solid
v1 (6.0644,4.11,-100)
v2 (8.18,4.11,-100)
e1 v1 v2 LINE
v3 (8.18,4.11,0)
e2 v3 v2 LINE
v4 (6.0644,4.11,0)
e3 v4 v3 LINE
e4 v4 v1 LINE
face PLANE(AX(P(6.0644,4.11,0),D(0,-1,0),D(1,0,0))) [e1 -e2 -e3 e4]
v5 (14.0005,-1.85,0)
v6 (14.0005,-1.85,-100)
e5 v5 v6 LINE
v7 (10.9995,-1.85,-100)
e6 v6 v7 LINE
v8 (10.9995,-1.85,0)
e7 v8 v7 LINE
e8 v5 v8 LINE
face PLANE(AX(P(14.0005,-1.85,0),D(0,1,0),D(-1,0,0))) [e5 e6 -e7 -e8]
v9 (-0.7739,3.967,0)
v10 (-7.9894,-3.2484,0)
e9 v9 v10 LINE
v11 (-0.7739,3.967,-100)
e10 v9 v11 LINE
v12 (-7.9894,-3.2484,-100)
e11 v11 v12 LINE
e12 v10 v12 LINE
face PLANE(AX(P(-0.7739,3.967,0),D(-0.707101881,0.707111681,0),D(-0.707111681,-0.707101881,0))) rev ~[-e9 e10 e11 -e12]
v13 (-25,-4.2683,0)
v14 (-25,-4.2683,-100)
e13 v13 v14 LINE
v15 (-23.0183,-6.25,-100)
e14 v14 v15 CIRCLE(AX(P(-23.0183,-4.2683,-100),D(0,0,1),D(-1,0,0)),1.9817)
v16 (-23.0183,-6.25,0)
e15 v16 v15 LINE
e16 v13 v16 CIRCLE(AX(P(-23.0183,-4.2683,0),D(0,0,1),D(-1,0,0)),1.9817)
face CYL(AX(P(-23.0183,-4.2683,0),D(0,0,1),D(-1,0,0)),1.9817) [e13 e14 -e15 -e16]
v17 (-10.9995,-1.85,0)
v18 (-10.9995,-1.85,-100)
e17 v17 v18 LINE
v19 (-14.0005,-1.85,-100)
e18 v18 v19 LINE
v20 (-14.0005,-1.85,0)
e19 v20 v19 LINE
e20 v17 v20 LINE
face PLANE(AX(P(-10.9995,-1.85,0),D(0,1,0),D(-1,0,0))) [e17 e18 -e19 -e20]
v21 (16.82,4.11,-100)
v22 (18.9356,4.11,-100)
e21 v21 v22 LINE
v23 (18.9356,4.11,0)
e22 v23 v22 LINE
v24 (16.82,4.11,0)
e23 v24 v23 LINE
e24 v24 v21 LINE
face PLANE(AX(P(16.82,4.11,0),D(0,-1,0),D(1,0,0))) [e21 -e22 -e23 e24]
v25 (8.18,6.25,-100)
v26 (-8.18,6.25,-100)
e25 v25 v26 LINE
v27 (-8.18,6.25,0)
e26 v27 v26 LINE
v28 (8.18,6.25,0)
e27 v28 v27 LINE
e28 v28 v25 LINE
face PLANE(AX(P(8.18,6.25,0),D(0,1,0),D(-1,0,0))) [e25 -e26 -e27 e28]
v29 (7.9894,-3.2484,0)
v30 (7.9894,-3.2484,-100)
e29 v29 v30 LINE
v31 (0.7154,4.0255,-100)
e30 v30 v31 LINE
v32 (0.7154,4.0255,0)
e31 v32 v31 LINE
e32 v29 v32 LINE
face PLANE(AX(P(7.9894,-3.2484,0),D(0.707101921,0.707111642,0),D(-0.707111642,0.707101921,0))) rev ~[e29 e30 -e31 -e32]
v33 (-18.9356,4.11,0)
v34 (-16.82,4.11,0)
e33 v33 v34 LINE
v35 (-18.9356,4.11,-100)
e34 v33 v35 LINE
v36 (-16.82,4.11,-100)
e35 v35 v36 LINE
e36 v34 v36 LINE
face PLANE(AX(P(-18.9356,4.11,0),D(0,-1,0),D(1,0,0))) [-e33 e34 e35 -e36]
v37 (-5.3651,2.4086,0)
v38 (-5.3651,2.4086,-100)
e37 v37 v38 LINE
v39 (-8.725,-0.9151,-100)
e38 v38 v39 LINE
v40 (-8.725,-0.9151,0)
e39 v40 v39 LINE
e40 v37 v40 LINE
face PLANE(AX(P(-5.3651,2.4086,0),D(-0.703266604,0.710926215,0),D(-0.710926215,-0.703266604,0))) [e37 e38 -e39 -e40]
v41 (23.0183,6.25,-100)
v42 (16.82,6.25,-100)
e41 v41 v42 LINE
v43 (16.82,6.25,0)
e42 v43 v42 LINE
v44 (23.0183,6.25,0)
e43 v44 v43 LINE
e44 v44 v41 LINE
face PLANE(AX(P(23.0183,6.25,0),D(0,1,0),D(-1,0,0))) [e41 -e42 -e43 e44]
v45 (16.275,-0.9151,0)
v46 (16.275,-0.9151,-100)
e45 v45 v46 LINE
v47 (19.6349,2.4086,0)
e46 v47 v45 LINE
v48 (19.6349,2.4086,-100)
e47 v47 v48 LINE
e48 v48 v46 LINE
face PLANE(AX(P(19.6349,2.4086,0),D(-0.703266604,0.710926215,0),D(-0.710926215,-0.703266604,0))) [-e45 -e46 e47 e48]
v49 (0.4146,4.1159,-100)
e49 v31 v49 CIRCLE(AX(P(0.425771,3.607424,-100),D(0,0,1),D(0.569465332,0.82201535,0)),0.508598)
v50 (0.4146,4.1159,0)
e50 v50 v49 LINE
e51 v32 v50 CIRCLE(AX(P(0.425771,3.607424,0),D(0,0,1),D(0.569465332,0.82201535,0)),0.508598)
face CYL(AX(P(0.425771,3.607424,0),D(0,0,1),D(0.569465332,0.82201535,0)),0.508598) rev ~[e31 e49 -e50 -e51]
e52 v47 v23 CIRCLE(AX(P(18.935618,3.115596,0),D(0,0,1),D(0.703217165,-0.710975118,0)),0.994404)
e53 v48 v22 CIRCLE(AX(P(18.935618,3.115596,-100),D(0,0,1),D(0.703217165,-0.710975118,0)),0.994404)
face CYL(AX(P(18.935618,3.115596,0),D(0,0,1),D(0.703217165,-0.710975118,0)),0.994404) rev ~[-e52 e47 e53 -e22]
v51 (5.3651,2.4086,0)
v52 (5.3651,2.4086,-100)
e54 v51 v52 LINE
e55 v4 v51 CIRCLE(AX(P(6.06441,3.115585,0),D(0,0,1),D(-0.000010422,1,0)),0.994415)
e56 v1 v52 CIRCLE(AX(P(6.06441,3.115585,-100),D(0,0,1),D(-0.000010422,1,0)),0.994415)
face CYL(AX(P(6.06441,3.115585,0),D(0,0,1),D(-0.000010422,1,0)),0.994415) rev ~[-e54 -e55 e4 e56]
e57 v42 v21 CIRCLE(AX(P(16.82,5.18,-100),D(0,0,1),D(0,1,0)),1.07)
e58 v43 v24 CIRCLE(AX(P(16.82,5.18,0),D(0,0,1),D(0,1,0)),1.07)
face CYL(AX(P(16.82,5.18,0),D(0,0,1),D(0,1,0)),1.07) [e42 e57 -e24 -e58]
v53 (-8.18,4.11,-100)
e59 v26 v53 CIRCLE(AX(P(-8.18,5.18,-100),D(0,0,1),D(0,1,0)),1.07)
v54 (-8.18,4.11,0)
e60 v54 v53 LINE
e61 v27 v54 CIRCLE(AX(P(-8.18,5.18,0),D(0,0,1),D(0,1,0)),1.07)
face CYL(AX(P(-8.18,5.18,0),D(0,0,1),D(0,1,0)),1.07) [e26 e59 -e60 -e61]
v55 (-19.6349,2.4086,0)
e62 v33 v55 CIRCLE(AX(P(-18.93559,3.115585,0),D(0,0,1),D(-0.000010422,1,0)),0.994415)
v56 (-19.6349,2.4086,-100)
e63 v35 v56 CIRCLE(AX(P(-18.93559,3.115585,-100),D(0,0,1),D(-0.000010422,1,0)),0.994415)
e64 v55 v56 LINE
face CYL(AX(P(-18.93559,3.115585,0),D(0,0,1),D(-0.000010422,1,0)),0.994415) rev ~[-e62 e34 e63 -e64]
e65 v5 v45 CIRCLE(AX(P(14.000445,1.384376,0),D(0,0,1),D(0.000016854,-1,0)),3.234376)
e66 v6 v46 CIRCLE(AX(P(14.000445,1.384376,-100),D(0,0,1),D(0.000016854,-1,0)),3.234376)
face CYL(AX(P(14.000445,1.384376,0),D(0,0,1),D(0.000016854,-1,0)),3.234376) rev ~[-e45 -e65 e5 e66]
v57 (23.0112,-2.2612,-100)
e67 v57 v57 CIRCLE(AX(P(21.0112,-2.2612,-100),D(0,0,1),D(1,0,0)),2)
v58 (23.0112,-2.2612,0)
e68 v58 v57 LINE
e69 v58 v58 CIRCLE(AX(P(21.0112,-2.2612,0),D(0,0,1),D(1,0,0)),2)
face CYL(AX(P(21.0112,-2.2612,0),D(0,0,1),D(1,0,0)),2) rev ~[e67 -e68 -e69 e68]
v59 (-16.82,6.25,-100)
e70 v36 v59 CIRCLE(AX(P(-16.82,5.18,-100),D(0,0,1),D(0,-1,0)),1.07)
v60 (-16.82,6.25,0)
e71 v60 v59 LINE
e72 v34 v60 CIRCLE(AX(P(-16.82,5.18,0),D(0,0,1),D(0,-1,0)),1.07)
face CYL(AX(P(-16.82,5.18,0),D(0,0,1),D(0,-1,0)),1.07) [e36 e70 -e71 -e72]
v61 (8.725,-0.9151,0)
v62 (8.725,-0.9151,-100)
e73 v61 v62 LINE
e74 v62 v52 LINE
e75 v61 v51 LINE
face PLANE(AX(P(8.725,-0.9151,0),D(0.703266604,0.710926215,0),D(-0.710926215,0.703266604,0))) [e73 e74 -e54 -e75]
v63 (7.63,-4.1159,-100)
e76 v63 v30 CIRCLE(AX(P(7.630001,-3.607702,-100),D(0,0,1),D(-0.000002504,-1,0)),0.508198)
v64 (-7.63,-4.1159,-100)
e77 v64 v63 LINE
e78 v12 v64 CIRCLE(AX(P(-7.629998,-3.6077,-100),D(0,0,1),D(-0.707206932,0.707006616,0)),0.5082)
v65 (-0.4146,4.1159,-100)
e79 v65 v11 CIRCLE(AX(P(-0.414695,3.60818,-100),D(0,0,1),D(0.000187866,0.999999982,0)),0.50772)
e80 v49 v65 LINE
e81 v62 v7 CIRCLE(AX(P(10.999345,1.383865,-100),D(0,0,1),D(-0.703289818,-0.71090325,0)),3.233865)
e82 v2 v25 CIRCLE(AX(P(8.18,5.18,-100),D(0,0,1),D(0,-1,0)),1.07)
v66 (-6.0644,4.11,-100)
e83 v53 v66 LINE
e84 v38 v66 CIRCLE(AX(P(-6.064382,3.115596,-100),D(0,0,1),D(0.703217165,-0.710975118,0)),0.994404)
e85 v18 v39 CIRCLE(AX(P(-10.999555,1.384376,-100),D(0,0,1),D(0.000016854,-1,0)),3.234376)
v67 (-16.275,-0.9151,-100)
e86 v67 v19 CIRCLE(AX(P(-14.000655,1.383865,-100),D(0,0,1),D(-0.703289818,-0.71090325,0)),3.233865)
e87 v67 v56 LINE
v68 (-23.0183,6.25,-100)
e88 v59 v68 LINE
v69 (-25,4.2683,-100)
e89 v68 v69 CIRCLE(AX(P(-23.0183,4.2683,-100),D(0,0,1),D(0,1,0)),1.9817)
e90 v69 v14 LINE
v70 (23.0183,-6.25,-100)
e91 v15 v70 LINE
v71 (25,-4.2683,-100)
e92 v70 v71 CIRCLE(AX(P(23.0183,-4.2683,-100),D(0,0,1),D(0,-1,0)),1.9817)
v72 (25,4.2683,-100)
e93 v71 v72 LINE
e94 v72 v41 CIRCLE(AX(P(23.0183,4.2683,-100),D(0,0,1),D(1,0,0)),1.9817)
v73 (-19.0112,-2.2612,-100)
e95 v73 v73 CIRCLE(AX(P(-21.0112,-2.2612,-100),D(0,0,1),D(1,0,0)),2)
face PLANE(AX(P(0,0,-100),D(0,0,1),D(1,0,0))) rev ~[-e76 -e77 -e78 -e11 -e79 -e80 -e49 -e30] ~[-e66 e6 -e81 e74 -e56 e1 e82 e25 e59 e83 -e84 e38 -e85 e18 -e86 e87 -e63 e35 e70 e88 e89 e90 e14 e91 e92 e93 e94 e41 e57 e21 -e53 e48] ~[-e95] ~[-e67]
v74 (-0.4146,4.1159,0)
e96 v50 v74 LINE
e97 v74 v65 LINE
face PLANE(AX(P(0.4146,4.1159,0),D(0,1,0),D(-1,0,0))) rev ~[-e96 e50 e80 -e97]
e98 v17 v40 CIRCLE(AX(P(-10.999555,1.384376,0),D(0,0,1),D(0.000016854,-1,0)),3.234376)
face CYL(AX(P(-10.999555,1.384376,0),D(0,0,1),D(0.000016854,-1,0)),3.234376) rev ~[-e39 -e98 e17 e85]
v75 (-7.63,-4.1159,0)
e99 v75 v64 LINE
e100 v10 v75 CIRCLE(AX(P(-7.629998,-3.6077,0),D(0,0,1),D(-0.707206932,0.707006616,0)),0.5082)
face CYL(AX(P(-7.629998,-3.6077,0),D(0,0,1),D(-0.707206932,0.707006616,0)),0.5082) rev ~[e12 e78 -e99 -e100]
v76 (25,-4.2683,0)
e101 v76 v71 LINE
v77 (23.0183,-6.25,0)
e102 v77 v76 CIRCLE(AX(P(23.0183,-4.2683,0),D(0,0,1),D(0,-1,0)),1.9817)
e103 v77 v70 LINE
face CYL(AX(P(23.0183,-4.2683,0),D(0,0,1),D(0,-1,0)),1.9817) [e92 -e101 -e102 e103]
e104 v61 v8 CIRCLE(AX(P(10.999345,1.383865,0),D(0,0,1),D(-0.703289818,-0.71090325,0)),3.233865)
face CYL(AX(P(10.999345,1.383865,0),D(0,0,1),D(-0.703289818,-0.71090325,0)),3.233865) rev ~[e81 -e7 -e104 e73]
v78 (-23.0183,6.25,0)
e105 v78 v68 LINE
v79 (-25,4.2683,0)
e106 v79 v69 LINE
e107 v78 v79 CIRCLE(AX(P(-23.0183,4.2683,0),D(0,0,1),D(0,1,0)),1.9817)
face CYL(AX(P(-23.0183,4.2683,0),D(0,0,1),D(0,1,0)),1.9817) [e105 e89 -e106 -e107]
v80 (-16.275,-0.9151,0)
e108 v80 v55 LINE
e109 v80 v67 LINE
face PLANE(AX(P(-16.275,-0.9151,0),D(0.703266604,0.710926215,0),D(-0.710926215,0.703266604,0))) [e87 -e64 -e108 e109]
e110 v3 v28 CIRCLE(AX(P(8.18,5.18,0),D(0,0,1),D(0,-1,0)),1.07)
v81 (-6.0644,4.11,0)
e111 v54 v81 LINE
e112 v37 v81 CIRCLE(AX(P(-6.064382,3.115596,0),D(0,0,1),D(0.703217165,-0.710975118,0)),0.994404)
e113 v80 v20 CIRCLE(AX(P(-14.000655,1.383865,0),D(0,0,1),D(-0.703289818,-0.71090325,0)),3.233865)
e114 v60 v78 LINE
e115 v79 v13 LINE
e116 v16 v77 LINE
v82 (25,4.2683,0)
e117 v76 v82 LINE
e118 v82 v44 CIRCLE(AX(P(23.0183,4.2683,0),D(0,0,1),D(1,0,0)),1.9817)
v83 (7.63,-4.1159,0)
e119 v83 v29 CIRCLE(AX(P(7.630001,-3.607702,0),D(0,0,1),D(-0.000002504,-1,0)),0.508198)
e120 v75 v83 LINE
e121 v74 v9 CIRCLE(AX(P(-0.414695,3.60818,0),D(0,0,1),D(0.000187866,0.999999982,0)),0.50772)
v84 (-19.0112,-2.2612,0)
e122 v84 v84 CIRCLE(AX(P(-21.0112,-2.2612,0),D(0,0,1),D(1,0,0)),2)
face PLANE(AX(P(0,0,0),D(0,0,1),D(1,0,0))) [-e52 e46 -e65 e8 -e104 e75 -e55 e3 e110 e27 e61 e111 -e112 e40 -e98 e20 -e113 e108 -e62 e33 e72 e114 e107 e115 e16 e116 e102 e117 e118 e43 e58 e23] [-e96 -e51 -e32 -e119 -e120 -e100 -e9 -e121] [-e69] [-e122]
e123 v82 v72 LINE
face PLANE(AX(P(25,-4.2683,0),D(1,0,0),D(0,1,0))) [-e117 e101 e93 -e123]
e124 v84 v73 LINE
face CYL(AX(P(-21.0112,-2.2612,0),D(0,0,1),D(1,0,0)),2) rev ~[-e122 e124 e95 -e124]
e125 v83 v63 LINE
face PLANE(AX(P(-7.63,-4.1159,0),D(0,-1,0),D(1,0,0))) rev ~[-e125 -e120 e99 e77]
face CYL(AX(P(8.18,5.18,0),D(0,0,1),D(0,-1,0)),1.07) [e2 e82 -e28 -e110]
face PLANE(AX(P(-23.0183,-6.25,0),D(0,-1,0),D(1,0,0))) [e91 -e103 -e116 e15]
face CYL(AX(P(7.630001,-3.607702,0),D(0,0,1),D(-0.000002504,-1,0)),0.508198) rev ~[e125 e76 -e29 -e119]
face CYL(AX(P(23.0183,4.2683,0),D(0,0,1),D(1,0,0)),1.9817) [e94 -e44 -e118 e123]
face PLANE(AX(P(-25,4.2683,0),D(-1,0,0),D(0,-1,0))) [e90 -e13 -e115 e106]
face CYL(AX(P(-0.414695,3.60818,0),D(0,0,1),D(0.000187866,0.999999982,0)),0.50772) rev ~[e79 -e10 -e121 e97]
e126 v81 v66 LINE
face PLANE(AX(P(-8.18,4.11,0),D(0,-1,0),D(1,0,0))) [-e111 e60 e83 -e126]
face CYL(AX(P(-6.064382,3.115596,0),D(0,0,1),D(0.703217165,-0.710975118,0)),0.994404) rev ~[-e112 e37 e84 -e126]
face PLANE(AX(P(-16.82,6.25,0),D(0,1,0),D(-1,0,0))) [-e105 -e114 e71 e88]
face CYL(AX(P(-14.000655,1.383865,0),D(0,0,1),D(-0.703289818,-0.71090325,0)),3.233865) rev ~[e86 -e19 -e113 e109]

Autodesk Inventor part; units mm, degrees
ref_plane "YZ Plane" through (0, 0, 0) normal (1, 0, 0) x (0, 1, 0)
ref_plane "XZ Plane" through (0, 0, 0) normal (0, 1, 0) x (-1, 0, 0)
ref_plane "XY Plane" through (0, 0, 0) normal (0, 0, 1) x (1, 0, 0)
sketch "Sketch1" plane through (0, 0, 0) normal (0, 0, 1) x (1, 0, 0)
  arc A0 (-0.4146, 4.1159) -> (-0.7739, 3.967) centre (-0.4146, 3.6077) ccw
  line L0 (0.4146, 4.1159) -> (-0.4146, 4.1159)
  arc A1 (0.7154, 4.0255) -> (0.4146, 4.1159) centre (0.426, 3.6079) ccw
  line L1 (7.9894, -3.2484) -> (0.7154, 4.0255)
  arc A2 (7.63, -4.1159) -> (7.9894, -3.2484) centre (7.63, -3.6077) ccw
  line L2 (-7.63, -4.1159) -> (7.63, -4.1159)
  arc A3 (-7.9894, -3.2484) -> (-7.63, -4.1159) centre (-7.63, -3.6077) ccw
  line L3 (-0.7739, 3.967) -> (-7.9894, -3.2484)
  circle A4 centre (-21.0112, -2.2612) radius 2
  circle A5 centre (21.0112, -2.2612) radius 2
  arc A6 (-23.0183, 6.25) -> (-25, 4.2683) centre (-23.0183, 4.2683) ccw
  line L4 (-25, 4.2683) -> (-25, -4.2683)
  arc A7 (-25, -4.2683) -> (-23.0183, -6.25) centre (-23.0183, -4.2683) ccw
  line L5 (-23.0183, -6.25) -> (23.0183, -6.25)
  arc A8 (23.0183, -6.25) -> (25, -4.2683) centre (23.0183, -4.2683) ccw
  line L6 (25, -4.2683) -> (25, 4.2683)
  arc A9 (25, 4.2683) -> (23.0183, 6.25) centre (23.0183, 4.2683) ccw
  line L7 (23.0183, 6.25) -> (16.82, 6.25)
  arc A10 (16.82, 6.25) -> (16.82, 4.11) centre (16.82, 5.18) ccw
  line L8 (16.82, 4.11) -> (18.9356, 4.11)
  arc A11 (19.6349, 2.4086) -> (18.9356, 4.11) centre (18.9356, 3.1156) ccw
  line L9 (19.6349, 2.4086) -> (16.275, -0.9151)
  arc A12 (14.0005, -1.85) -> (16.275, -0.9151) centre (14.0005, 1.3841) ccw
  line L10 (14.0005, -1.85) -> (10.9995, -1.85)
  arc A13 (8.725, -0.9151) -> (10.9995, -1.85) centre (10.9995, 1.3841) ccw
  line L11 (8.725, -0.9151) -> (5.3651, 2.4086)
  arc A14 (6.0644, 4.11) -> (5.3651, 2.4086) centre (6.0644, 3.1156) ccw
  line L12 (6.0644, 4.11) -> (8.18, 4.11)
  arc A15 (8.18, 4.11) -> (8.18, 6.25) centre (8.18, 5.18) ccw
  line L13 (8.18, 6.25) -> (-8.18, 6.25)
  arc A16 (-8.18, 6.25) -> (-8.18, 4.11) centre (-8.18, 5.18) ccw
  line L14 (-8.18, 4.11) -> (-6.0644, 4.11)
  arc A17 (-5.3651, 2.4086) -> (-6.0644, 4.11) centre (-6.0644, 3.1156) ccw
  line L15 (-5.3651, 2.4086) -> (-8.725, -0.9151)
  arc A18 (-10.9995, -1.85) -> (-8.725, -0.9151) centre (-10.9995, 1.3841) ccw
  line L16 (-10.9995, -1.85) -> (-14.0005, -1.85)
  arc A19 (-16.275, -0.9151) -> (-14.0005, -1.85) centre (-14.0005, 1.3841) ccw
  line L17 (-16.275, -0.9151) -> (-19.6349, 2.4086)
  arc A20 (-18.9356, 4.11) -> (-19.6349, 2.4086) centre (-18.9356, 3.1156) ccw
  line L18 (-18.9356, 4.11) -> (-16.82, 4.11)
  arc A21 (-16.82, 4.11) -> (-16.82, 6.25) centre (-16.82, 5.18) ccw
  line L19 (-16.82, 6.25) -> (-23.0183, 6.25)
  point P0 (0, 0)
extrude "Extrusion1" add sketch "Sketch1" against normal blind 100
properties part number "25-5013-BLACK-FB"
